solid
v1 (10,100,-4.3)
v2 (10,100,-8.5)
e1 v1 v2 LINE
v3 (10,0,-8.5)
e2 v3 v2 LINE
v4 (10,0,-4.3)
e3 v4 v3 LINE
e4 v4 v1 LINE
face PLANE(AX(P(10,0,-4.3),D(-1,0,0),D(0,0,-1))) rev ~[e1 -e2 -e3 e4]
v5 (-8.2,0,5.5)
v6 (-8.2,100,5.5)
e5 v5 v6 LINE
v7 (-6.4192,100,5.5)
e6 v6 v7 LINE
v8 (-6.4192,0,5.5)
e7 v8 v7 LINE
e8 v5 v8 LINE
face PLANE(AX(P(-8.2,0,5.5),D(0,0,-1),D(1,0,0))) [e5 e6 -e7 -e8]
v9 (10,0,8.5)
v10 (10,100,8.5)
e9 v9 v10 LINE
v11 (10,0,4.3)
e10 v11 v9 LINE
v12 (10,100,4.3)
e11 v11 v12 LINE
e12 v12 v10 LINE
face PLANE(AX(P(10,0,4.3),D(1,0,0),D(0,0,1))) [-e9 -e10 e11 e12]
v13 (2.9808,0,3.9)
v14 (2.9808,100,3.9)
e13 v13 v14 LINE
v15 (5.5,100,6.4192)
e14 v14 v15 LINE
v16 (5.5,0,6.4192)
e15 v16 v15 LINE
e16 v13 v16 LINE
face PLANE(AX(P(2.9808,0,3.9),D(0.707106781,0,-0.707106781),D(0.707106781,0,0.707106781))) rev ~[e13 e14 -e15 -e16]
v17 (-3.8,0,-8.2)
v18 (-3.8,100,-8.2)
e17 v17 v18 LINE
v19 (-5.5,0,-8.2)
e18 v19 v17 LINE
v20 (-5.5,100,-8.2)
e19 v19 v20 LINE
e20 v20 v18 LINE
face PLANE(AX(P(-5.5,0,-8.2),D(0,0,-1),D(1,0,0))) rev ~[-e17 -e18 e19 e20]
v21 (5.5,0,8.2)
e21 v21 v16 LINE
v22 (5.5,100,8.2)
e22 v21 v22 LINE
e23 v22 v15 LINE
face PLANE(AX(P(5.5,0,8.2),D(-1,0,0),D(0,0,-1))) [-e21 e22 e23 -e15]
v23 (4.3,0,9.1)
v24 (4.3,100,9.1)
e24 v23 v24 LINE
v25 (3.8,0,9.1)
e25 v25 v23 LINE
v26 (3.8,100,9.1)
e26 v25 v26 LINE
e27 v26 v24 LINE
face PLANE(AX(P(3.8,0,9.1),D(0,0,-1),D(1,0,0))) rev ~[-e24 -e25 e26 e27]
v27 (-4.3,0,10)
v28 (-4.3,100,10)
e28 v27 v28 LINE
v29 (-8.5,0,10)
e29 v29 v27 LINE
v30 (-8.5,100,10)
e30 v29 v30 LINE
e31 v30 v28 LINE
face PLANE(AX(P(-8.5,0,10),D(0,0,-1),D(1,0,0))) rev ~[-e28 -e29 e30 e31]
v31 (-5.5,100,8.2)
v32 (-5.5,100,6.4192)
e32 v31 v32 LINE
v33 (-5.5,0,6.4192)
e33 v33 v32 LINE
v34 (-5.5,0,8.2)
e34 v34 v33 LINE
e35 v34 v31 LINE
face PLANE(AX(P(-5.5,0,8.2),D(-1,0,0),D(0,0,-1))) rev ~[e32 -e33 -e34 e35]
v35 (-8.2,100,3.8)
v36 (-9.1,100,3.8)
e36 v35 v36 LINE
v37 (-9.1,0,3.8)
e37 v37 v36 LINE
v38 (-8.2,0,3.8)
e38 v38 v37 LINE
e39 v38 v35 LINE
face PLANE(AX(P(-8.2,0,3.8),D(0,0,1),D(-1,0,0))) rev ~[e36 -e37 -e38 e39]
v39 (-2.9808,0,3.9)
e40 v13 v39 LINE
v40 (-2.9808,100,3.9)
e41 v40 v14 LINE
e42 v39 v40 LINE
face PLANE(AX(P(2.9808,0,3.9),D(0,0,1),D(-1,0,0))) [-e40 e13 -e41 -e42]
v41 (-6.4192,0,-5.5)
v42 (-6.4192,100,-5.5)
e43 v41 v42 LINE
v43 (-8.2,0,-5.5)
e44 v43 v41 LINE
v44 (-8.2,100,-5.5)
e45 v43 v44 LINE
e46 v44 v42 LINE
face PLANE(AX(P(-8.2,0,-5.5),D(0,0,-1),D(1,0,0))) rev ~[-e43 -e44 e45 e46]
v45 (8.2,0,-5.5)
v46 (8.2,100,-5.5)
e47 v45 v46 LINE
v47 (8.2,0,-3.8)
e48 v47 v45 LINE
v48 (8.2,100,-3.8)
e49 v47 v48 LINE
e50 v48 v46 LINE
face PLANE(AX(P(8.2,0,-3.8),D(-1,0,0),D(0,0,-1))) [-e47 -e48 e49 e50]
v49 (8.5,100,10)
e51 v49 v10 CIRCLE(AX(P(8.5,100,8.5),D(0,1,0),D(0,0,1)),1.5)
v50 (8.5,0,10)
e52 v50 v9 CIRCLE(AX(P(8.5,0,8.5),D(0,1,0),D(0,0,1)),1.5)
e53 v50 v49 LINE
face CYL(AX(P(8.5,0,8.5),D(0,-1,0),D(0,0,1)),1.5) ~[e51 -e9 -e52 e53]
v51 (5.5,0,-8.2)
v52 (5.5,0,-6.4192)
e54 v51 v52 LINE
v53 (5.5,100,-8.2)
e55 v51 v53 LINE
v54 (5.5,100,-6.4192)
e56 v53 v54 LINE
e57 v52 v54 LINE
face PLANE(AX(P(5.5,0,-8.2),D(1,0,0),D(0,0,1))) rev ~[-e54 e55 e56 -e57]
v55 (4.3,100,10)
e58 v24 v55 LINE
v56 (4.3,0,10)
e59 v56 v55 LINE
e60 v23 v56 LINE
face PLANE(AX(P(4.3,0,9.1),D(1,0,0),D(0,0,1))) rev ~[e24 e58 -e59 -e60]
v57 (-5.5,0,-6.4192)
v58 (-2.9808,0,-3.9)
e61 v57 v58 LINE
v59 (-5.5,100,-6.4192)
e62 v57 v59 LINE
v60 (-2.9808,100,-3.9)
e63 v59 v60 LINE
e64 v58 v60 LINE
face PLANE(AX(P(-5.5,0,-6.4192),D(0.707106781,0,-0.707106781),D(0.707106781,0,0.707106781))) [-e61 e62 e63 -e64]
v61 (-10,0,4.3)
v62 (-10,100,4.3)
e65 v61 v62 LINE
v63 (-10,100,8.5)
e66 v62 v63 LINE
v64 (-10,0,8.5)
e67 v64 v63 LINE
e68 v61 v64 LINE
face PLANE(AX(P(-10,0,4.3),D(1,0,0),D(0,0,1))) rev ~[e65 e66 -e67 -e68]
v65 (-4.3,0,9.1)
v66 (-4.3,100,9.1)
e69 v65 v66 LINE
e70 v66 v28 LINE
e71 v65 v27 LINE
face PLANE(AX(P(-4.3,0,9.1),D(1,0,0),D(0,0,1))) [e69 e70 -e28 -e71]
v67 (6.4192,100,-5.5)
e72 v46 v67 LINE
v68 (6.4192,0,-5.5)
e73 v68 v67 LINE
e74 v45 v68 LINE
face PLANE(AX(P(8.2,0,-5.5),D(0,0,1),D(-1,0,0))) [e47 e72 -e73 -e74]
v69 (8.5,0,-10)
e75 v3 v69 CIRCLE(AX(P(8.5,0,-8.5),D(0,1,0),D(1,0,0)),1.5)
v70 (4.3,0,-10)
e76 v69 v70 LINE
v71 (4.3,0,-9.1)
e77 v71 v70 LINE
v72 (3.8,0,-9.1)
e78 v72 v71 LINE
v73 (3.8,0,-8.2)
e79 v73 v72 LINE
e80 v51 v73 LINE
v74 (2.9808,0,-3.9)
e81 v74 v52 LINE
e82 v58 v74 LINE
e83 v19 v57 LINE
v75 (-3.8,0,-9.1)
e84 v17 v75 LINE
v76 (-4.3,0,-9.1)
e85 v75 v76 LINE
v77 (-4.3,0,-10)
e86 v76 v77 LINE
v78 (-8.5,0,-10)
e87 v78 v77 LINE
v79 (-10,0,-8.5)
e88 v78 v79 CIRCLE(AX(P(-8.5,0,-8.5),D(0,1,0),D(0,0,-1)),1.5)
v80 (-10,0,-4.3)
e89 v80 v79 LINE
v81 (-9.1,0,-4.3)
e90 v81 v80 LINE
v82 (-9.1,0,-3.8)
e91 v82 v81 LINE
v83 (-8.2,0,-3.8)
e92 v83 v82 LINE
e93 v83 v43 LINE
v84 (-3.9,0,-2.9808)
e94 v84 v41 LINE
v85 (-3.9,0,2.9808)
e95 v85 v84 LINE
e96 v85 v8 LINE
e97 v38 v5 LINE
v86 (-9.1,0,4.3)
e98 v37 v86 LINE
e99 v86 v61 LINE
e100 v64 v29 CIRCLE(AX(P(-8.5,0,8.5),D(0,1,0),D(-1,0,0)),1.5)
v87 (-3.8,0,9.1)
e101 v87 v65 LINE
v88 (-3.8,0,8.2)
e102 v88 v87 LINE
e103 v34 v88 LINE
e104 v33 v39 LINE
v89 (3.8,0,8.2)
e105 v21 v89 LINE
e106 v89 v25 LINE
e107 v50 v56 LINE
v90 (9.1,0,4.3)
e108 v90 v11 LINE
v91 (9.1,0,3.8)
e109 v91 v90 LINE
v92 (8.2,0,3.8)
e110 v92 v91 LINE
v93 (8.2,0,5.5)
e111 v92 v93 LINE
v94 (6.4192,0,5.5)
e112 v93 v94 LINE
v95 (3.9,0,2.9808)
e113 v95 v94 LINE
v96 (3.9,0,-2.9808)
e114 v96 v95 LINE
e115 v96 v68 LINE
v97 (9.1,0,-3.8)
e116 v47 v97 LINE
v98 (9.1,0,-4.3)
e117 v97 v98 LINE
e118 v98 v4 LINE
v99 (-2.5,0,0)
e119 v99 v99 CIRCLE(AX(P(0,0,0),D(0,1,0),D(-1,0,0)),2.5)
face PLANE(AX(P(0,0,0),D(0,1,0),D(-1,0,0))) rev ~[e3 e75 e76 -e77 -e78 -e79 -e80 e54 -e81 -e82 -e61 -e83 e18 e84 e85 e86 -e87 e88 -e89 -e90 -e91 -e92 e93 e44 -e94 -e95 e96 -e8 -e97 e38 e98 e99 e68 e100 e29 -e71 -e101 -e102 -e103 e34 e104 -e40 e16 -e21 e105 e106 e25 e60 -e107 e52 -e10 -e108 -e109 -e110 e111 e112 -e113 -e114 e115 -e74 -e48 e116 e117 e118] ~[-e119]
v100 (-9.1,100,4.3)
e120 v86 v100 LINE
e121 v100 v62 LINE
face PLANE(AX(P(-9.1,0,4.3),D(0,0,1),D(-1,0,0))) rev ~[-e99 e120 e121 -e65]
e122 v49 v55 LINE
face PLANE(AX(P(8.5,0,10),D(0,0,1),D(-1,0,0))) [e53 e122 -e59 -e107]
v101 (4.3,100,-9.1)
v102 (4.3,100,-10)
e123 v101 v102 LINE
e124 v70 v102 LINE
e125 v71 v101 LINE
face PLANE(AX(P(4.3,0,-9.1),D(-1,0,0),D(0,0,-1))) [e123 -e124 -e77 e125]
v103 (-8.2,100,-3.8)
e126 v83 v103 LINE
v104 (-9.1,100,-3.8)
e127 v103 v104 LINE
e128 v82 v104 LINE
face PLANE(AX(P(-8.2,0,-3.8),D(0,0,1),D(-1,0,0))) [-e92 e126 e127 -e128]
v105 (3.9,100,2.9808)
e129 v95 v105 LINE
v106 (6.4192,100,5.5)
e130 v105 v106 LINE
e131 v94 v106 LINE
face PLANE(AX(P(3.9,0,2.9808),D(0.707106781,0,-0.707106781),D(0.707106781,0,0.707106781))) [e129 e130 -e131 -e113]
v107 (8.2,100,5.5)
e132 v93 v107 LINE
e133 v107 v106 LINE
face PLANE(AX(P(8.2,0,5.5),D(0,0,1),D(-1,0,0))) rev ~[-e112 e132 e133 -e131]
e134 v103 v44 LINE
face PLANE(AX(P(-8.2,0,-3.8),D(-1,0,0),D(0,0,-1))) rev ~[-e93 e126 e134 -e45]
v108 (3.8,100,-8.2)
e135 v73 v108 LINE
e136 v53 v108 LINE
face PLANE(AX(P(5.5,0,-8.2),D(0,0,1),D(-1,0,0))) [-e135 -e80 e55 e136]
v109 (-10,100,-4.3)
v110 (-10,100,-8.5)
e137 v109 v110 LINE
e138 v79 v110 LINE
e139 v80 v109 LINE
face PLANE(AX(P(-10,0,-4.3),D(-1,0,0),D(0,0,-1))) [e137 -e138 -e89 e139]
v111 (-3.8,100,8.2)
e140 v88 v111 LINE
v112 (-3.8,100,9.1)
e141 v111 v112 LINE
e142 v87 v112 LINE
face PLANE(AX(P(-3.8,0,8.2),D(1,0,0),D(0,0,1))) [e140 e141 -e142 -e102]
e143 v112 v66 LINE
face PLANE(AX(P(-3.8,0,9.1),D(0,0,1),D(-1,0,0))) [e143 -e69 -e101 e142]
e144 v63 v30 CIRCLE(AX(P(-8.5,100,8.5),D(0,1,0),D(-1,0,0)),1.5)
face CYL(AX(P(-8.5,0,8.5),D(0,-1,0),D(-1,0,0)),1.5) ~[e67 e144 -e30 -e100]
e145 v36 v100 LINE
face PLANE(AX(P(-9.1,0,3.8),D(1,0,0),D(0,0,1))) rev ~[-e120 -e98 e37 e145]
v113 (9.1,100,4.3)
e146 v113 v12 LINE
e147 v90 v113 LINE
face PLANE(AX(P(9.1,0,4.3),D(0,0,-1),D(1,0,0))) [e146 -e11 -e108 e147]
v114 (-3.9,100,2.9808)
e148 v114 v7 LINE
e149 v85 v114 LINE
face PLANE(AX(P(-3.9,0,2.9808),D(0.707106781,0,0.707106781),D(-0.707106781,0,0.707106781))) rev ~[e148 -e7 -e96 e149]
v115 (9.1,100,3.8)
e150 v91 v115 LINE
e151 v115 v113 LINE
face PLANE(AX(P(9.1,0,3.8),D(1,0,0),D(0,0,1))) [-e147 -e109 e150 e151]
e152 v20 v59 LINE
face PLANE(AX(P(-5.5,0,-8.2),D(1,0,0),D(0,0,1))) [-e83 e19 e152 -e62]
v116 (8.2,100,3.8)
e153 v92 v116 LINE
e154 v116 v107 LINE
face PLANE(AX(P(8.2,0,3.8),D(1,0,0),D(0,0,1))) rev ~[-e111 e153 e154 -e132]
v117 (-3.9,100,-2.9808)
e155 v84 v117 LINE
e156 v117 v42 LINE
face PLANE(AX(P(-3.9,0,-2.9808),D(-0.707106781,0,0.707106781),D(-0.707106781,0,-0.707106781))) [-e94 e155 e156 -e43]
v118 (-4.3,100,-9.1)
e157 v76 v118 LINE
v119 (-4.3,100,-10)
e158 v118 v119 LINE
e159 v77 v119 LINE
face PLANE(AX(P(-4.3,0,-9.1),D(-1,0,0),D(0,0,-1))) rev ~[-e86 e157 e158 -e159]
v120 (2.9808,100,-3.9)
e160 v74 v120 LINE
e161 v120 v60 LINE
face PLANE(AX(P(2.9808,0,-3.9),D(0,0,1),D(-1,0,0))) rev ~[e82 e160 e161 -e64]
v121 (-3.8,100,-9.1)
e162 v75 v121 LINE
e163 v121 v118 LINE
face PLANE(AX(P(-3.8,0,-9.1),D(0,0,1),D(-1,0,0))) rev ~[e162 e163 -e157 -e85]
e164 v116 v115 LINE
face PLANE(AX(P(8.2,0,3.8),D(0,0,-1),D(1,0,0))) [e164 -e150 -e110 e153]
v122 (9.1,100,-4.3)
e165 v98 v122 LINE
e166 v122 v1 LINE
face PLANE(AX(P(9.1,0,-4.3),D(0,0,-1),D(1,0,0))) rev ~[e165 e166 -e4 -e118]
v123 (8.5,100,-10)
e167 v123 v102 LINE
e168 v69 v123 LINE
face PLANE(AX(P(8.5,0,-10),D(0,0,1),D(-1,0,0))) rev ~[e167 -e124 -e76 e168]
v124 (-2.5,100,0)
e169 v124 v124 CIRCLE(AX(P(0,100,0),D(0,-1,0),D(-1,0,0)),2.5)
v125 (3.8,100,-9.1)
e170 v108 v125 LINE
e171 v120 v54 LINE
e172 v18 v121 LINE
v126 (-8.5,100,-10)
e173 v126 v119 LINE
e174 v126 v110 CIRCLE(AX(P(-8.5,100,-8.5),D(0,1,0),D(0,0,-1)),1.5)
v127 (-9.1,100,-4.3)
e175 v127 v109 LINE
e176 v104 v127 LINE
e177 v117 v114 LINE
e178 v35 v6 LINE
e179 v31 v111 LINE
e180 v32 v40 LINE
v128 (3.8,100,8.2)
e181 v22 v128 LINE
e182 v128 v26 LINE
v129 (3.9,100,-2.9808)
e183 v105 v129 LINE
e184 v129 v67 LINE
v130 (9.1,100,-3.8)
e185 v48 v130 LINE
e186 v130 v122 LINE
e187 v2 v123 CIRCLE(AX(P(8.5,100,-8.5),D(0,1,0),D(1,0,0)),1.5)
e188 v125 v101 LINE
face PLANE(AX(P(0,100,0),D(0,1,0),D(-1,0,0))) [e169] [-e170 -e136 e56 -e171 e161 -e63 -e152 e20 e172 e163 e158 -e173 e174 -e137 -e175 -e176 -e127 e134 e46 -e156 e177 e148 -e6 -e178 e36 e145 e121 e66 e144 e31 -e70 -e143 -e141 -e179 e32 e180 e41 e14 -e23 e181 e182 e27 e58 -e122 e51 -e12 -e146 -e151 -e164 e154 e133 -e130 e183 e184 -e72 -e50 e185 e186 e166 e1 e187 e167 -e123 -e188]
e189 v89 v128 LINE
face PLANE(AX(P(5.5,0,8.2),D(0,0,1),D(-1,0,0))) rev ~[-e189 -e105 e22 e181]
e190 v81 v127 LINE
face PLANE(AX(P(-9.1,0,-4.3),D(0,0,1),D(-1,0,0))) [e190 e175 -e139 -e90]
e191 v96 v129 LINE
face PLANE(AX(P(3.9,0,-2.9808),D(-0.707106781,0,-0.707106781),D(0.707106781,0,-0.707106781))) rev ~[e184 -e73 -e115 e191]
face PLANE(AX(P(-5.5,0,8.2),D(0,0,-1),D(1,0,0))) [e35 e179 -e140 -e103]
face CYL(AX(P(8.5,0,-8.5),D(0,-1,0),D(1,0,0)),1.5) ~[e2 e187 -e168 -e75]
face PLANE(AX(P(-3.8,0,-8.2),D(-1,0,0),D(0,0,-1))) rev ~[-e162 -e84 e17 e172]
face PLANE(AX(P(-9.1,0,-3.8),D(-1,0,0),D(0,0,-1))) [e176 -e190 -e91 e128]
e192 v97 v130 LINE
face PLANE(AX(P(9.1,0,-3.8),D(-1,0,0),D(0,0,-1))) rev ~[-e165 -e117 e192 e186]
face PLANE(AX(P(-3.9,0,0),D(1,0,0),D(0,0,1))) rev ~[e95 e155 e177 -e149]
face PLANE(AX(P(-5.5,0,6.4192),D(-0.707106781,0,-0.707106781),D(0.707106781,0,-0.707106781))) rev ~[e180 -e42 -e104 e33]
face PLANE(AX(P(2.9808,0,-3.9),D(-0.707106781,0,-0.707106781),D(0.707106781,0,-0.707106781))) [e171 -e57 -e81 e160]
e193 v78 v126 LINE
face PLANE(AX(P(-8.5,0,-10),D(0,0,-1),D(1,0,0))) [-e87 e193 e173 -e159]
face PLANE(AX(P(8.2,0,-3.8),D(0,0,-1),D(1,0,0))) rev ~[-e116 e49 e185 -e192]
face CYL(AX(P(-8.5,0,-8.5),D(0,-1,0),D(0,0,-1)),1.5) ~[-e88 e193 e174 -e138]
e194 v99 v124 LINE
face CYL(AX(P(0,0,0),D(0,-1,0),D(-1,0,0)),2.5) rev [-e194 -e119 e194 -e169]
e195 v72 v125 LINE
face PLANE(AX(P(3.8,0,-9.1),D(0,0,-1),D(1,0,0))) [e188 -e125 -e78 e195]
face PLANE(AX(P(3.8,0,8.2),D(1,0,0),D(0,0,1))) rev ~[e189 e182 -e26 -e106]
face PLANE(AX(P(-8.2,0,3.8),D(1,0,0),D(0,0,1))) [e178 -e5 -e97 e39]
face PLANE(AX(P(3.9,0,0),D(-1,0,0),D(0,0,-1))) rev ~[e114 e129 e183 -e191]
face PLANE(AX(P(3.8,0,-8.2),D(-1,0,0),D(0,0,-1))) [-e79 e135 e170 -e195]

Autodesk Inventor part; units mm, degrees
ref_plane "YZ Plane" through (0, 0, 0) normal (1, 0, 0) x (0, 1, 0)
ref_plane "起始平面" through (0, 0, 0) normal (0, 1, 0) x (-1, 0, 0)
ref_plane "终止平面" through (0, 100, 0) normal (0, 1, 0) x (-1, 0, 0)
sketch "草图" plane through (0, 0, 0) normal (0, 1, 0) x (-1, 0, 0)
  line L0 (-9.1, 10.0192) -> (-9.101, 10.0203)
  line L1 (-10, 10) -> (-9.5607, 9.5607) construction
  arc A0 (-8.5, 10) -> (-10, 8.5) centre (-8.5, 8.5) ccw
  circle A1 centre (0, 0) radius 2.5
  line L2 (-2.9808, 3.9) -> (0, 3.9)
  line L3 (-3.9, 0) -> (-3.9, 2.9808)
  line L4 (-2.5, 0) -> (-3.1, 0)
  line L5 (2.9808, 3.9) -> (0, 3.9)
  circle A2 centre (0, 0) radius 2.5
  circle A3 centre (0, 0) radius 2.5
  circle A4 centre (0, 0) radius 2.5
  line L6 (0, 16.3557) -> (0, -12.0006)
  line L7 (-4.3, 9.1) -> (-4.3, 10)
  line L8 (2.9808, -3.9) -> (0, -3.9)
  line L9 (-3.9, 0) -> (-3.9, -2.9808)
  line L10 (3.9, 0) -> (3.9, -2.9808)
  line L11 (-2.9808, -3.9) -> (-5.5, -6.4192)
  line L12 (-2.9808, -3.9) -> (0, -3.9)
  line L13 (3.8, -8.2) -> (3.8, -9.1)
  line L14 (5.5, -6.4192) -> (2.9808, -3.9)
  line L15 (3.8, -9.1) -> (4.3, -9.1)
  line L16 (5.5, -8.2) -> (3.8, -8.2)
  line L17 (5.5, -8.2) -> (5.5, -6.4192)
  line L18 (3.9, -2.9808) -> (6.4192, -5.5)
  line L19 (8.2, -3.8) -> (8.2, -5.5)
  line L20 (8.2, -5.5) -> (6.4192, -5.5)
  line L21 (8.2, -3.8) -> (9.1, -3.8)
  line L22 (9.1, -3.8) -> (9.1, -4.3)
  line L23 (9.1, -4.3) -> (10, -4.3)
  line L24 (10, -4.3) -> (10, -8.5)
  arc A5 (8.5, -10) -> (10, -8.5) centre (8.5, -8.5) ccw
  line L25 (8.5, -10) -> (4.3, -10)
  line L26 (4.3, -9.1) -> (4.3, -10)
  line L27 (5.5, 6.4192) -> (2.9808, 3.9)
  line L28 (3.9, 2.9808) -> (6.4192, 5.5)
  line L29 (10, 4.3) -> (10, 8.5)
  line L30 (3.9, 0) -> (3.9, 2.9808)
  line L31 (5.5, 8.2) -> (5.5, 6.4192)
  line L32 (5.5, 8.2) -> (3.8, 8.2)
  line L33 (4.3, 9.1) -> (4.3, 10)
  arc A6 (10, 8.5) -> (8.5, 10) centre (8.5, 8.5) ccw
  line L34 (8.5, 10) -> (4.3, 10)
  line L35 (8.2, 3.8) -> (9.1, 3.8)
  line L36 (9.1, 4.3) -> (10, 4.3)
  line L37 (9.1, 3.8) -> (9.1, 4.3)
  line L38 (8.2, 3.8) -> (8.2, 5.5)
  line L39 (8.2, 5.5) -> (6.4192, 5.5)
  line L40 (3.8, 8.2) -> (3.8, 9.1)
  line L41 (3.8, 9.1) -> (4.3, 9.1)
  line L42 (-10, 4.3) -> (-10, 8.5)
  line L43 (-8.5, 10) -> (-4.3, 10)
  line L44 (-9.1, 4.3) -> (-10, 4.3)
  line L45 (-9.1, 3.8) -> (-9.1, 4.3)
  line L46 (-8.2, 3.8) -> (-9.1, 3.8)
  line L47 (-8.2, 5.5) -> (-6.4192, 5.5)
  line L48 (-8.2, 3.8) -> (-8.2, 5.5)
  line L49 (-5.5, 8.2) -> (-5.5, 6.4192)
  line L50 (-3.8, 9.1) -> (-4.3, 9.1)
  line L51 (-3.8, 8.2) -> (-3.8, 9.1)
  line L52 (-5.5, 8.2) -> (-3.8, 8.2)
  line L53 (-3.9, 2.9808) -> (-6.4192, 5.5)
  line L54 (-2.9808, 3.9) -> (-5.5, 6.4192)
  line L55 (-5.5, -8.2) -> (-3.8, -8.2)
  line L56 (-5.5, -8.2) -> (-5.5, -6.4192)
  line L57 (-3.9, -2.9808) -> (-6.4192, -5.5)
  line L58 (-3.8, -8.2) -> (-3.8, -9.1)
  line L59 (-3.8, -9.1) -> (-4.3, -9.1)
  line L60 (-4.3, -9.1) -> (-4.3, -10)
  line L61 (-8.2, -5.5) -> (-6.4192, -5.5)
  line L62 (-8.2, -3.8) -> (-9.1, -3.8)
  line L63 (-9.1, -3.8) -> (-9.1, -4.3)
  line L64 (-8.5, -10) -> (-4.3, -10)
  line L65 (-9.1, -4.3) -> (-10, -4.3)
  line L66 (-10, -4.3) -> (-10, -8.5)
  arc A7 (-10, -8.5) -> (-8.5, -10) centre (-8.5, -8.5) ccw
  line L67 (-8.2, -3.8) -> (-8.2, -5.5)
  dimension "圆角" = 1.5
  dimension "宽度" = 20
extrude "实体" add sketch "草图" along normal up to surface (100 mm away) from surface at 0 contours L43 L7 L50 L51 L52 L49 L54 L2 L6 A1 L12 L11 L56 L55 L58 L59 L60 L64 A7 L66 L65 L63 L62 L67 L61 L57 L9 L3 L53 L47 L48 L46 L45 L44 L42 A0 | L5 L27 L31 L32 L40 L41 L33 L34 A6 L29 L36 L37 L35 L38 L39 L28 L30 L10 L18 L20 L19 L21 L22 L23 L24 A5 L25 L26 L15 L13 L16 L17 L14 L8 L6 A1
sketch "草图2" plane through (0, 0, 0) normal (0, 1, 0) x (-1, 0, 0)
  line L0 (0, 0) -> (10, 0)
ref_plane "工作平面3" through (0, 0, 0) normal (0, 0, -1) x (-1, 0, 0)
sketch "草图3" plane through (0, 0, 0) normal (0, 0, -1) x (-1, 0, 0)
  line L0 (-2, 0) -> (12, 0)
  line L1 (-2, 100) -> (12, 100)
  dimension "d11" = 100
equation "\"G_OFFSET_START\" = 0"
equation "\"G_OFFSET_END\" = 0"
equation "\"G_L\" = d11"
properties part number "欧标 2020铝合金钢材-01"
